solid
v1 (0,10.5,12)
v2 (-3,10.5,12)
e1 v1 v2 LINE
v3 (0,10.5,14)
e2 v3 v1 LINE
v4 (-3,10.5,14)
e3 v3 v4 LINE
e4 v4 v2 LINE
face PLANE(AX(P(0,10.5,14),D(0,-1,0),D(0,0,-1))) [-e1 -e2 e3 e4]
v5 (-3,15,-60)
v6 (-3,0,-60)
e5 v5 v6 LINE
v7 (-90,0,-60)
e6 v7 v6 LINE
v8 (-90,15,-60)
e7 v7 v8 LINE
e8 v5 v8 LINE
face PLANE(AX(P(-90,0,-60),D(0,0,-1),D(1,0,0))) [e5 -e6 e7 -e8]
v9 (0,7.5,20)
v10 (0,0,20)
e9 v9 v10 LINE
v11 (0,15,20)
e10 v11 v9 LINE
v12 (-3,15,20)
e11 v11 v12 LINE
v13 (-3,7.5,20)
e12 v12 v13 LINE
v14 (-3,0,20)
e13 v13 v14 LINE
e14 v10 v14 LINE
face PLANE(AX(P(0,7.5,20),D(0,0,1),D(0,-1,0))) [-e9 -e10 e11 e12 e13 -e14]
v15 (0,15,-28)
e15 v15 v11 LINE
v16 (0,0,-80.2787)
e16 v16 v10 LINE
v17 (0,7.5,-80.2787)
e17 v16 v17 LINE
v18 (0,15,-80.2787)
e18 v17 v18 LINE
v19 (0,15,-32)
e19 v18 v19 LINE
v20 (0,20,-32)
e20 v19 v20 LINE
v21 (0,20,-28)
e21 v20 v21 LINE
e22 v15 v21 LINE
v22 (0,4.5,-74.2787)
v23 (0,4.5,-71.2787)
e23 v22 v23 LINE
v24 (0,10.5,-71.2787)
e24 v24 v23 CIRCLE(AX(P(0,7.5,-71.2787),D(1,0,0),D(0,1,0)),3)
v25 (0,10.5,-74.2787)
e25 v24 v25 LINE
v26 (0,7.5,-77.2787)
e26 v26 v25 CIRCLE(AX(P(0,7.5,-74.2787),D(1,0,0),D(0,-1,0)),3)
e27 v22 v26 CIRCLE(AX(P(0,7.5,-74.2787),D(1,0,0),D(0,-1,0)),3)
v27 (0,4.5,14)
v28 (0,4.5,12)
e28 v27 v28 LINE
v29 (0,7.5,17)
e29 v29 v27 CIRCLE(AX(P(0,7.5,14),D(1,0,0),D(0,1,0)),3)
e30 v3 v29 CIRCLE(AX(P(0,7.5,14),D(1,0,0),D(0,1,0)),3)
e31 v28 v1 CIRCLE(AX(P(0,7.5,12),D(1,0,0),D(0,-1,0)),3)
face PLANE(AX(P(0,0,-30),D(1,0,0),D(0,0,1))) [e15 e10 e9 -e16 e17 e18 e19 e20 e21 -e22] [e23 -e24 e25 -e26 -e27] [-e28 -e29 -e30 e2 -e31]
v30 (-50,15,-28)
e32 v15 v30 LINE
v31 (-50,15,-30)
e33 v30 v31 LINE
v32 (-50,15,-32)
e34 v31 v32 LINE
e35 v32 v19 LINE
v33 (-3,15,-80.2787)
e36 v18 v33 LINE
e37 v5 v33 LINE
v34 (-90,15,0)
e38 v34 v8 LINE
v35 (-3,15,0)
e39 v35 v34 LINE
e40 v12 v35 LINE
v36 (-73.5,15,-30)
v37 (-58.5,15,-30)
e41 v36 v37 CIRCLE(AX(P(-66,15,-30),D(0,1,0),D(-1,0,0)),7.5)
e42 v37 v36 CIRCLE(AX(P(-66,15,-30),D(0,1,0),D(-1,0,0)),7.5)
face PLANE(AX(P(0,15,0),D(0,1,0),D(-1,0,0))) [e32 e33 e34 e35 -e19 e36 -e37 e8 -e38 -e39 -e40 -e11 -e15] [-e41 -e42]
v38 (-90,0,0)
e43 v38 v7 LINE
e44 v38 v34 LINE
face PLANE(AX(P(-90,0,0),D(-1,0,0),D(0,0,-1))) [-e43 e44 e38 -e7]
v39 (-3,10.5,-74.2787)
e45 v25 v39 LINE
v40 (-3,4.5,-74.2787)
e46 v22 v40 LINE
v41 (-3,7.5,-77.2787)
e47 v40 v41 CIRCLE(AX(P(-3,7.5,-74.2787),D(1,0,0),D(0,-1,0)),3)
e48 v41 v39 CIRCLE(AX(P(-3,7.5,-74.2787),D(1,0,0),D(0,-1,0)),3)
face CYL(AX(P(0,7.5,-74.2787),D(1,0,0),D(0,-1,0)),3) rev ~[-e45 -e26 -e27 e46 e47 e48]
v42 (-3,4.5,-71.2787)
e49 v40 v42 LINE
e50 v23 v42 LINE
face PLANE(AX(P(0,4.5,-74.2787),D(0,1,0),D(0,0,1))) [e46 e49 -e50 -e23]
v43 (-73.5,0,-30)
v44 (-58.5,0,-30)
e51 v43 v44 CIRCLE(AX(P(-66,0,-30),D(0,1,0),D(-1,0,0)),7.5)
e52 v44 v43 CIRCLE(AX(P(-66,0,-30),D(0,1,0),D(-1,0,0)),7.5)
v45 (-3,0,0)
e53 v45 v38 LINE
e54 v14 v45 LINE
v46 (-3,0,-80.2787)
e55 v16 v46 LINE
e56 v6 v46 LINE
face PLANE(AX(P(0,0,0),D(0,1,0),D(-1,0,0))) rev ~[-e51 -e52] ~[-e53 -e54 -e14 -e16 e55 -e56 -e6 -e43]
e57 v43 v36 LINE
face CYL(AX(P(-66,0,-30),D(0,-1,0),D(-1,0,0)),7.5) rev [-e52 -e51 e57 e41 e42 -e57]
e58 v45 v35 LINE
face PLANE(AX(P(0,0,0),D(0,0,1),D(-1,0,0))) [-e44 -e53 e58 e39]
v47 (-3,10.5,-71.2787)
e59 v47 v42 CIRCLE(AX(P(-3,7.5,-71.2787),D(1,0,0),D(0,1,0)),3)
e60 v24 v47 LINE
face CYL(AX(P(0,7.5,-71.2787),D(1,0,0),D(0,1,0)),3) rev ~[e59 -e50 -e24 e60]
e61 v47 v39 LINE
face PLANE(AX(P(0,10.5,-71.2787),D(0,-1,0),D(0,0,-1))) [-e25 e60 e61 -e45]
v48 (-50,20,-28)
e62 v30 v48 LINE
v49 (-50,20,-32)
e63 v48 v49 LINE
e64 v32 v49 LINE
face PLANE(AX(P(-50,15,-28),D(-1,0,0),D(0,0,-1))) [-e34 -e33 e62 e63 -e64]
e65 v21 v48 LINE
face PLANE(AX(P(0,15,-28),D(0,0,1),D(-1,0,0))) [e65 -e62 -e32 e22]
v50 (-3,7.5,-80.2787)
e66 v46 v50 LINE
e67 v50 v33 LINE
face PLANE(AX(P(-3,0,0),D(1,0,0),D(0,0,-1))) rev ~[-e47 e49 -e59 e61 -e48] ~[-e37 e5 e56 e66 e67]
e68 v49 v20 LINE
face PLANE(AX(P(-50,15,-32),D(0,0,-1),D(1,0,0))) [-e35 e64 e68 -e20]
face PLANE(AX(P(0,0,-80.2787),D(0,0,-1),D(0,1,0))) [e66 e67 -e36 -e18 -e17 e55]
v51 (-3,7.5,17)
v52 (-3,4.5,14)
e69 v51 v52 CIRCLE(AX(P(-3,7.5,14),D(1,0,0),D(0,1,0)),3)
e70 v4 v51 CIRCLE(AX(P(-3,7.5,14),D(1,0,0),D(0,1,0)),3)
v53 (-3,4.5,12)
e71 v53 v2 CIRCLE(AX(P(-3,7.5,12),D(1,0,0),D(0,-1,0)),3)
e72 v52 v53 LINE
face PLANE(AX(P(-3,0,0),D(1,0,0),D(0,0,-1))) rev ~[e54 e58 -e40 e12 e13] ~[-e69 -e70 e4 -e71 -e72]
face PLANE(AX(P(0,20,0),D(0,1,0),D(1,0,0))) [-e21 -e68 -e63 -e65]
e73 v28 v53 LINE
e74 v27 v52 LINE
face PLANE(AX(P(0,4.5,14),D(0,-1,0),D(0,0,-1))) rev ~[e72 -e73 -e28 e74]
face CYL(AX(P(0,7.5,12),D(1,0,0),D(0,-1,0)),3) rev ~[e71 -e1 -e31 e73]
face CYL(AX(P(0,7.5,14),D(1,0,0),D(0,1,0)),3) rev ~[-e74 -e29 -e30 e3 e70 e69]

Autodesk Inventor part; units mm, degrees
ref_plane "YZ Plane" through (0, 0, 0) normal (1, 0, 0) x (0, 1, 0)
sketch "Эскиз1" plane through (0, 0, 0) normal (0, 1, 0) x (-1, 0, 0)
  line L0 (0, 0) -> (90, 0)
  line L1 (90, 0) -> (90, -60)
  line L2 (90, -60) -> (0, -60)
  line L3 (0, -60) -> (0, 0)
  line L4 (0, -60) -> (66, -60)
  line L5 (0, -30) -> (66, -30)
  circle A0 centre (66, -30) radius 7.5
  dimension "d0" = 90
  dimension "d1" = 60
  dimension "d67" = 66
  dimension "d68" = 15
extrude "Выдавливание1" add sketch "Эскиз1" along normal blind 15
ref_plane "РабПлоскость3" through (0, 15, 0) normal (0, 1, 0) x (1, 0, 0)
sketch "Эскиз3" plane through (0, 15, 0) normal (0, 1, 0) x (1, 0, 0)
  line L0 (0, 0) -> (0, 60) projected
  line L1 (0, 30) -> (0, 28)
  line L2 (0, 28) -> (-50, 28)
  line L3 (-50, 28) -> (-50, 32)
  line L4 (-50, 32) -> (0, 32)
  line L5 (0, 32) -> (0, 28)
  point P0 (0, 32)
  dimension "d13" = 2
  dimension "d14" = 50
  dimension "d15" = 4
extrude "Выдавливание3" add sketch "Эскиз3" along normal blind 5
ref_plane "РабПлоскость1" through (0, 15, 0) normal (0, 1, 0) x (1, 0, 0)
sketch "Эскиз6" plane through (0, 15, 0) normal (0, 1, 0) x (1, 0, 0)
  circle A0 centre (-66, 30) radius 7.5 projected
  line L0 (-66, 30) -> (-66, -120)
  line L1 (-150, -120) -> (0, -120) projected
  line L2 (-66, -120) -> (-66, -100)
  circle A1 centre (-66, -100) radius 10
  circle A2 centre (-66, -100) radius 20
  circle A3 centre (-66, 30) radius 40
  line L3 (-85.7619, -103.0769) -> (-105.5238, 23.8462)
  line L4 (-46.2381, -103.0769) -> (-26.4762, 23.8462)
  line L5 (-66, -100) -> (-66, -40)
  line L6 (-66, -40) -> (-91, -40)
  line L7 (-66, -40) -> (-41, -40)
  circle A4 centre (-91, -40) radius 2.5
  circle A5 centre (-41, -40) radius 2.5
  point P0 (0, 0)
  dimension "d45" = 20
  dimension "d46" = 20
  dimension "d47" = 40
  dimension "d48" = 80
  dimension "d49" = 60
  dimension "d50" = 25
  dimension "d52" = 25
  dimension "d53" = 5
  dimension "d54" = 5
sketch "Эскиз7" plane through (0, 0, 0) normal (1, 0, 0) x (0, 0, -1)
  line L0 (80.2787, 0) -> (80.2787, 15)
  line L1 (60, 15) -> (0, 15) projected
  line L2 (80.2787, 15) -> (60.2787, 15)
  line L3 (60.2787, 15) -> (0, 15)
  line L4 (0, 0) -> (0, 15) projected
  line L5 (0, 15) -> (-20, 15)
  line L6 (-20, 15) -> (-20, 0)
  line L7 (-20, 0) -> (0, 0)
  line L8 (-20, 7.5) -> (-14, 7.5)
  line L9 (80.2787, 7.5) -> (74.2787, 7.5)
  arc A0 (74.2787, 4.5) -> (74.2787, 10.5) centre (74.2787, 7.5) ccw
  arc A1 (-14, 10.5) -> (-14, 4.5) centre (-14, 7.5) ccw
  line L10 (60, 0) -> (0, 0) projected
  line L11 (60, 0) -> (0, 0)
  line L12 (60, 0) -> (60, 15) projected
  line L13 (60, 0) -> (60, 15)
  line L14 (60, 0) -> (80.2787, 0)
  line L15 (74.2787, 4.5) -> (71.2787, 4.5)
  line L16 (71.2787, 10.5) -> (74.2787, 10.5)
  arc A2 (71.2787, 10.5) -> (71.2787, 4.5) centre (71.2787, 7.5) ccw
  line L17 (-14, 7.5) -> (-12, 7.5)
  arc A3 (-12, 4.5) -> (-12, 10.5) centre (-12, 7.5) ccw
  line L18 (-14, 7.5) -> (-14, 10.5)
  line L19 (-14, 10.5) -> (-12, 10.5)
  line L20 (-14, 4.5) -> (-12, 4.5)
  point P0 (-17, 7.5)
  dimension "d59" = 20
  dimension "d60" = 6
  dimension "d61" = 6
  dimension "d62" = 6
  dimension "d63" = 6
extrude "Выдавливание7" add sketch "Эскиз7" against normal blind 3
properties part number "Стенка энкодера штурвала"
